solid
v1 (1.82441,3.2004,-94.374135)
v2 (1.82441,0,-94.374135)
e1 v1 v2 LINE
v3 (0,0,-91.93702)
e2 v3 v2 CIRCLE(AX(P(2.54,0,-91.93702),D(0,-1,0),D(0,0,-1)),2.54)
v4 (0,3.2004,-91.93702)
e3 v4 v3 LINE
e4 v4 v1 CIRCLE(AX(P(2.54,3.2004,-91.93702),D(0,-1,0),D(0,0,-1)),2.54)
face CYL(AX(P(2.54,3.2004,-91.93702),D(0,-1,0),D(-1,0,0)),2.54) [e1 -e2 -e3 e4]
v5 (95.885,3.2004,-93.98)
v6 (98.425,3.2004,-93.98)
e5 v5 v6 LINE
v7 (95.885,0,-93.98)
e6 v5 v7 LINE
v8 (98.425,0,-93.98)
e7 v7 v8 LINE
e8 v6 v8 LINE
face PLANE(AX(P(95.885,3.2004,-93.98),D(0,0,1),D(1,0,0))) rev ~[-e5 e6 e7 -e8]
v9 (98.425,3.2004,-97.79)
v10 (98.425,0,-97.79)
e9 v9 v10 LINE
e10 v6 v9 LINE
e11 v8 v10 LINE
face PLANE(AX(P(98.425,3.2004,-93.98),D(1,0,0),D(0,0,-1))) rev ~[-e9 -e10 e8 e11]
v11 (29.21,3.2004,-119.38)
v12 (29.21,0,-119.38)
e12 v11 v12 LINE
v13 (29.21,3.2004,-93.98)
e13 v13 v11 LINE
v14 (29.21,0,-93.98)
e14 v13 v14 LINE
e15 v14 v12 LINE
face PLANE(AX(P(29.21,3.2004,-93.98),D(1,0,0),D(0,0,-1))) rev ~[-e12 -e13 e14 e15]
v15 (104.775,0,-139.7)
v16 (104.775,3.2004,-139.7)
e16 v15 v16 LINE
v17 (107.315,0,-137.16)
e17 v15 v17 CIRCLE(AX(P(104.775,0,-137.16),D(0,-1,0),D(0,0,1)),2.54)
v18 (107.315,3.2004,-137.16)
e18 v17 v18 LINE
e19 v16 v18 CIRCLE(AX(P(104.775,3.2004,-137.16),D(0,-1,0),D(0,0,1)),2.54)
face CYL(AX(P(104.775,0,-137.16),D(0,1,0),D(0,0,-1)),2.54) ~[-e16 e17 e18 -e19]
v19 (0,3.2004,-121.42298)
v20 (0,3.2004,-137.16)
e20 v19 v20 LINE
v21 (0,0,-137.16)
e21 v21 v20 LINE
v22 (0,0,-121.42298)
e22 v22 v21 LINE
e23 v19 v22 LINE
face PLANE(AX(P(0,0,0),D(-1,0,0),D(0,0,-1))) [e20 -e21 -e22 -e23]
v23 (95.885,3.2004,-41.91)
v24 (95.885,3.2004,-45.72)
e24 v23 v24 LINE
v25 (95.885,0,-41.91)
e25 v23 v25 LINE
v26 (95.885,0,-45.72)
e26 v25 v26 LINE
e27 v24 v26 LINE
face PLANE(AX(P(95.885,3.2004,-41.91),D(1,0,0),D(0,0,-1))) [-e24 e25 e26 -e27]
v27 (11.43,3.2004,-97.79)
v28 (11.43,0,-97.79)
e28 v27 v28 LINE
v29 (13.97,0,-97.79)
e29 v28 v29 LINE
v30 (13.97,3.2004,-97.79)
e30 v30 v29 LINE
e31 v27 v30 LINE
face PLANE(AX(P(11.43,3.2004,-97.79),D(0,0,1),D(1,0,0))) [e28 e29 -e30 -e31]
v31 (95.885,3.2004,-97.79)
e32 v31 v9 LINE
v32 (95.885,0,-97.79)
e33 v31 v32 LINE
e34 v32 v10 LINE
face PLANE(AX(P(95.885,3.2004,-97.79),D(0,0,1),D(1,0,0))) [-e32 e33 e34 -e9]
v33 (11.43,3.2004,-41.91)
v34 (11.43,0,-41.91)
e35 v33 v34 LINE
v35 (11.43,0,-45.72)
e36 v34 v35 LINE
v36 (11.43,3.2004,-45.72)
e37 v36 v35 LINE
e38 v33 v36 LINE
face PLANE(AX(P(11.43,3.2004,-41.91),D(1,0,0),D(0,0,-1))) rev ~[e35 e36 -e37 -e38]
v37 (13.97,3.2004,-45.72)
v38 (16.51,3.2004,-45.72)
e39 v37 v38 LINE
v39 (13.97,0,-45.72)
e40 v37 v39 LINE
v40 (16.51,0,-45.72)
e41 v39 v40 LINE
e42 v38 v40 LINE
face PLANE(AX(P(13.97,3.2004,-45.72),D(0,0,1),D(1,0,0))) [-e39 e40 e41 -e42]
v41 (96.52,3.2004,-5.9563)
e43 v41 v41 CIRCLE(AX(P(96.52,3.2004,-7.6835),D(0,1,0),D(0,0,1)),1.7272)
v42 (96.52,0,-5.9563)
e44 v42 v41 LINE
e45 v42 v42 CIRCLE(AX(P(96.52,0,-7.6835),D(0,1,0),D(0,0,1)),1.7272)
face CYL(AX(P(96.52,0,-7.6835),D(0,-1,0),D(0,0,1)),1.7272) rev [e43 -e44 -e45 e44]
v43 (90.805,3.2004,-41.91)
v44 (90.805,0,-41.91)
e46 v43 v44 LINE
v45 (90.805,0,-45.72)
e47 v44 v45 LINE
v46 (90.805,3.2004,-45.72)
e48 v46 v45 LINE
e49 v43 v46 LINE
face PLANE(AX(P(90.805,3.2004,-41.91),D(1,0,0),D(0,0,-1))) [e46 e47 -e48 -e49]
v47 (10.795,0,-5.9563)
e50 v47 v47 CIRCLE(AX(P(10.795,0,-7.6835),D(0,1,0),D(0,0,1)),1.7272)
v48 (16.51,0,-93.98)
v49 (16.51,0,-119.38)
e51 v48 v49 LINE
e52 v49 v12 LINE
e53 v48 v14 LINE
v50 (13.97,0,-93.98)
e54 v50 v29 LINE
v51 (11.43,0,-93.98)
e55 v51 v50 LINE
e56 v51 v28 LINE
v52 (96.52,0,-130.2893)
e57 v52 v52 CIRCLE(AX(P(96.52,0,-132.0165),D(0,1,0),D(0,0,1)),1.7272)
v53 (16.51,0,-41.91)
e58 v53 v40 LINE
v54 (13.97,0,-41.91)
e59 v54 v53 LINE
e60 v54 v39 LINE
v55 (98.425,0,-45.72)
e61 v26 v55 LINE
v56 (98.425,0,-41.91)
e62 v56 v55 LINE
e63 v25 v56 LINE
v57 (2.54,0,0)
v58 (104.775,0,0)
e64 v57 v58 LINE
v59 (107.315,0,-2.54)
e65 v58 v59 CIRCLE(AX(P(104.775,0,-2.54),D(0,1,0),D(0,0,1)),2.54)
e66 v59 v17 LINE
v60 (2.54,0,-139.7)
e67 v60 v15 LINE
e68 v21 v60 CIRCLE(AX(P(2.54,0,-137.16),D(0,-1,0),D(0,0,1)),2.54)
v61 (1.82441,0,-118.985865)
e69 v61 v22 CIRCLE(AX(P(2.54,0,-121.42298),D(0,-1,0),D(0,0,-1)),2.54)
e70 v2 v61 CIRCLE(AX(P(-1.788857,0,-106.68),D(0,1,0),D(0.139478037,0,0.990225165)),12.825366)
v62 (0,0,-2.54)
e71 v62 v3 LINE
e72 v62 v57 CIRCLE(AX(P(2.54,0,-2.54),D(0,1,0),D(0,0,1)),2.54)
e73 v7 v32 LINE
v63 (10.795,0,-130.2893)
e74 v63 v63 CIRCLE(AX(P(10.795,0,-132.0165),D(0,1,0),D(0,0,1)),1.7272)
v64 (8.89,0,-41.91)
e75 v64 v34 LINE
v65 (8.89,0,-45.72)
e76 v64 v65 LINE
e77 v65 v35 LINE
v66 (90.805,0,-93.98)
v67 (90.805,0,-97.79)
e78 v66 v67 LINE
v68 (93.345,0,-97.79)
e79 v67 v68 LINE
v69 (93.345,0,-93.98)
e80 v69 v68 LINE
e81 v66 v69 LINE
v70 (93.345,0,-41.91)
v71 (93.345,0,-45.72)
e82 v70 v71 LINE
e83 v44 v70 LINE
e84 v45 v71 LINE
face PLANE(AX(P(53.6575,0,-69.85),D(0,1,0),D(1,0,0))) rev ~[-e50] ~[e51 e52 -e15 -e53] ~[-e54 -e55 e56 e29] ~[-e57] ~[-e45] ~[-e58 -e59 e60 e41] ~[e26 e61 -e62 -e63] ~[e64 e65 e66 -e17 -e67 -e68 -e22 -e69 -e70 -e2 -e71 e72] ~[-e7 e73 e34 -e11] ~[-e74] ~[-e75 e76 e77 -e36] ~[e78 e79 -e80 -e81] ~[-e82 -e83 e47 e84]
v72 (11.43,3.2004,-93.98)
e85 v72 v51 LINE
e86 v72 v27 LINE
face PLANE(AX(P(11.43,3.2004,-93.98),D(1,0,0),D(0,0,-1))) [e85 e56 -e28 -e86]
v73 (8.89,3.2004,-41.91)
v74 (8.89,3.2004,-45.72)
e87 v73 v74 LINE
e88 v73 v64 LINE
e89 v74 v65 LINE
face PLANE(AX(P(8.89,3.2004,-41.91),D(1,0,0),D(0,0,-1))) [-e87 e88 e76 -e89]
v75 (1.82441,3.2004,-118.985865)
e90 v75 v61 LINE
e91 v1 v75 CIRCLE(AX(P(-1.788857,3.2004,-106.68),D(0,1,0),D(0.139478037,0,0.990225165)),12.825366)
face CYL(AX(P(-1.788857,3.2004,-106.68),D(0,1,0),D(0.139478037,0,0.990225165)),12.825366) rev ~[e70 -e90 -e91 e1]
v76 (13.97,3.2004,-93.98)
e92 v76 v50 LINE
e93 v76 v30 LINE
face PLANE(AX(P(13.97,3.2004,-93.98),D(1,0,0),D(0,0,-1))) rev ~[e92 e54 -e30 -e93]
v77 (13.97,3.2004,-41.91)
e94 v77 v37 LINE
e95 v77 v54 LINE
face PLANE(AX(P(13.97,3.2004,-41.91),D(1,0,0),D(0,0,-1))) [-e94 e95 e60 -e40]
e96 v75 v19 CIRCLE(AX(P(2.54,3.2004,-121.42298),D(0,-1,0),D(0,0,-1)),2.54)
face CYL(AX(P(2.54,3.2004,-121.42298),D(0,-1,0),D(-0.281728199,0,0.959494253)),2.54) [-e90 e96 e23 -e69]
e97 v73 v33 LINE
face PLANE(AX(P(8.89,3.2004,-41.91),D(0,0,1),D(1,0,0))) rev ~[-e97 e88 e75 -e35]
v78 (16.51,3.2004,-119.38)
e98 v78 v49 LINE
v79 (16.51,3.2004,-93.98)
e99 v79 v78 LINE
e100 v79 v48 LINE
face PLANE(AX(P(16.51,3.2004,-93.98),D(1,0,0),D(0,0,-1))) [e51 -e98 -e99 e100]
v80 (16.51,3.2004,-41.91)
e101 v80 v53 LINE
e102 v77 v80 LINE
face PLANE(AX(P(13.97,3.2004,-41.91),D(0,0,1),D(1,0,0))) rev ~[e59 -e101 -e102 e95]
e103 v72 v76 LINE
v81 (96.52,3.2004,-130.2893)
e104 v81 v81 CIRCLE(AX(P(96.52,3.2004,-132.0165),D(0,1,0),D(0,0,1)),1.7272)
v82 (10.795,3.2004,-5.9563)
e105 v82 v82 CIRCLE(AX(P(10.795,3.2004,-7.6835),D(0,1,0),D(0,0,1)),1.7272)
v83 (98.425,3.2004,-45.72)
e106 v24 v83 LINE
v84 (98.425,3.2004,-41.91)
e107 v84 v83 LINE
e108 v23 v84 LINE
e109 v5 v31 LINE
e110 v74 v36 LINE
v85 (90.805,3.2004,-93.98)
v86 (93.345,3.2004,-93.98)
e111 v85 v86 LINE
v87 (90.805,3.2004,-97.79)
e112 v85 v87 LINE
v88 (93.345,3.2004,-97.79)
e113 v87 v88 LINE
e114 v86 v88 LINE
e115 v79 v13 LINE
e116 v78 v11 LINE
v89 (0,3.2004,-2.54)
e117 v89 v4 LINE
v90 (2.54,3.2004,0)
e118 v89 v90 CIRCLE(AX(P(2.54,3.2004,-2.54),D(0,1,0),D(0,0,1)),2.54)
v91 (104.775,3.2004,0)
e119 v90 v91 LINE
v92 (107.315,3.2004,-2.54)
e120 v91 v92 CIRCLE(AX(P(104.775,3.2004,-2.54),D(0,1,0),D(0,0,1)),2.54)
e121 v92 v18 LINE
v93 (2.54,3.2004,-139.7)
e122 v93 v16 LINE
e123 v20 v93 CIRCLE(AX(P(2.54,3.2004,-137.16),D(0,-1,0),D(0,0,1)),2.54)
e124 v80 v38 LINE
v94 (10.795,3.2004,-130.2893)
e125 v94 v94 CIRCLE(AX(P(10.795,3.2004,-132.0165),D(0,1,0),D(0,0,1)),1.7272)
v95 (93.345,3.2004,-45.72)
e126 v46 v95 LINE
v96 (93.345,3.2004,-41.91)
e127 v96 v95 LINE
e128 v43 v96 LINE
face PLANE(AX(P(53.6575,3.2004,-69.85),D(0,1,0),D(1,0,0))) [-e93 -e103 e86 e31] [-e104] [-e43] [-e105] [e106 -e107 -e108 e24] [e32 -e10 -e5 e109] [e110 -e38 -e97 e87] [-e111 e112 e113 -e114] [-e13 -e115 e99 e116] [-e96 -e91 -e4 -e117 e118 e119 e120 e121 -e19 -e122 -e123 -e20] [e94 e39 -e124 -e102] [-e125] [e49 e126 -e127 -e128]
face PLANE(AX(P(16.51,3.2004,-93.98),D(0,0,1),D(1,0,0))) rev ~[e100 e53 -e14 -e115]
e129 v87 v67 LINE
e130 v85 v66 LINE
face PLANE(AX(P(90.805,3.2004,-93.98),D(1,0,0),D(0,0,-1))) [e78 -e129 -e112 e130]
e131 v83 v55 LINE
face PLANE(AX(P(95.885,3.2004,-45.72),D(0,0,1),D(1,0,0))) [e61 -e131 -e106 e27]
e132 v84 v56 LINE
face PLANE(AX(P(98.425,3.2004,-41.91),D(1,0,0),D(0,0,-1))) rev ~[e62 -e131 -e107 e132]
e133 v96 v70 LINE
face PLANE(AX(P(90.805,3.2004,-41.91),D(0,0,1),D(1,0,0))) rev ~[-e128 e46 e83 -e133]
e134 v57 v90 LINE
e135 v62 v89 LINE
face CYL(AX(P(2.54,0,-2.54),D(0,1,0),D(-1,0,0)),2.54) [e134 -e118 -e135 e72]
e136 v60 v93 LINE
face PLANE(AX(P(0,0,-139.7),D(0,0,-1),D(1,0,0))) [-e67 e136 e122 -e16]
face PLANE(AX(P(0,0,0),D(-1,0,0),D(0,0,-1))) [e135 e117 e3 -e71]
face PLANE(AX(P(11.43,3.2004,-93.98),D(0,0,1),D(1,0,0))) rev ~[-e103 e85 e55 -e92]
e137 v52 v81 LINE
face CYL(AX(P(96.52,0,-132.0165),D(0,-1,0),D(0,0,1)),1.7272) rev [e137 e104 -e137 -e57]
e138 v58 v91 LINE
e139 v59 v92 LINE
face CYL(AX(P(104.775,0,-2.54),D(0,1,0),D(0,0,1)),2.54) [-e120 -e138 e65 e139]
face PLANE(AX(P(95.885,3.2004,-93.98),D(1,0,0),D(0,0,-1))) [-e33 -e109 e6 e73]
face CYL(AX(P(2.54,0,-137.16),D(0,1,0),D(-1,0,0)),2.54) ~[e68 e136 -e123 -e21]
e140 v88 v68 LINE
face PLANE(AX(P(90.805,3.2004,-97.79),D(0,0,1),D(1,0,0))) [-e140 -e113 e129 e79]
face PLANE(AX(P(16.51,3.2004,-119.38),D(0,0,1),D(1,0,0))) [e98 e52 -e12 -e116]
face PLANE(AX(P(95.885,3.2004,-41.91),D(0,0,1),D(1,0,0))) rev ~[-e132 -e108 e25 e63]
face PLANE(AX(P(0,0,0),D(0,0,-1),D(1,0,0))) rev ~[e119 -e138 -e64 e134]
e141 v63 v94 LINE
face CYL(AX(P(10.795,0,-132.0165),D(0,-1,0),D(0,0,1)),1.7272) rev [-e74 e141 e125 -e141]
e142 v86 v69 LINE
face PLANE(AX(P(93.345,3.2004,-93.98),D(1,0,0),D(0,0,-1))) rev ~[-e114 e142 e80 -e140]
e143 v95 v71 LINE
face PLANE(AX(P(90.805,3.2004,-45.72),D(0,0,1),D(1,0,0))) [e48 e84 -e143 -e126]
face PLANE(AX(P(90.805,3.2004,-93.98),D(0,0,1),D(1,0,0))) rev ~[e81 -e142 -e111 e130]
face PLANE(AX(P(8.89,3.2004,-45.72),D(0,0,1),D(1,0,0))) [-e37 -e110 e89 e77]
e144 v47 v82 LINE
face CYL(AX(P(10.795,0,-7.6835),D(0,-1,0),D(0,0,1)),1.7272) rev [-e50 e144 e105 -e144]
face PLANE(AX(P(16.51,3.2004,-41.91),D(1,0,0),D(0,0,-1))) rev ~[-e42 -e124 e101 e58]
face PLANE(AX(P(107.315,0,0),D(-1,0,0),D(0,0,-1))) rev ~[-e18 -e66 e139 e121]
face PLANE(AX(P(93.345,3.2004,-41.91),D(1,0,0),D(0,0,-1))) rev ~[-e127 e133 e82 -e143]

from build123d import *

# Parameters (mm, degrees)
SKETCH1_W           = 107.315
SKETCH1_H           = 139.7
SKETCH1_R           = 1.7272
BOSS_EXTRUDE1_DEPTH = 3.2004
SKETCH2_W           = 12.7
SKETCH2_H           = 25.4
CUT_EXTRUDE1_DEPTH  = 3.2004
FILLET1_R           = 2.54
SKETCH3_W           = 2.54
SKETCH3_H           = 3.81
CUT_EXTRUDE2_DEPTH  = 3.2004


with BuildPart() as part:
    # Sketch1 → Boss-Extrude1 (new body)
    with BuildSketch(Plane(origin=(0, 0, 0), x_dir=(1, 0, 0), z_dir=(0, 1, 0))):
        with Locations((53.6575, 69.85)):
            Rectangle(SKETCH1_W, SKETCH1_H)
        with Locations(Location((10.795, 132.0165, 0), (0, 0, 270))):
            Circle(SKETCH1_R, mode=Mode.SUBTRACT)
        with Locations(Location((96.52, 132.0165, 0), (0, 0, 270))):
            Circle(SKETCH1_R, mode=Mode.SUBTRACT)
        with Locations(Location((96.52, 7.6835, 0), (0, 0, 270))):
            Circle(SKETCH1_R, mode=Mode.SUBTRACT)
        with Locations(Location((10.795, 7.6835, 0), (0, 0, 270))):
            Circle(SKETCH1_R, mode=Mode.SUBTRACT)
    extrude(amount=BOSS_EXTRUDE1_DEPTH)

    # Sketch2 → Cut-Extrude1 (cut)
    with BuildSketch(Plane(origin=(0, 3.2004, 0), x_dir=(1, 0, 0), z_dir=(0, 1, 0))):
        with BuildLine():
            Line((0, 119.38), (0, 93.98))
            ThreePointArc((0, 93.98), (11.036508986, 106.68), (0, 119.38))
        make_face()
        with Locations((22.86, 106.68)):
            Rectangle(SKETCH2_W, SKETCH2_H)
    extrude(amount=-CUT_EXTRUDE1_DEPTH, mode=Mode.SUBTRACT)

    # Fillet1
    fillet1_edges = [part.edges().sort_by_distance(p)[0] for p in [
        (0, 1.6002, -119.38),
        (0, 1.6002, -93.98),
        (0, 1.6002, -139.7),
        (107.315, 1.6002, -139.7),
        (107.315, 1.6002, 0),
        (0, 1.6002, 0),
    ]]
    fillet(fillet1_edges, radius=FILLET1_R)

    # Sketch3 → Cut-Extrude2 (cut)
    with BuildSketch(Plane(origin=(0, 3.2004, 0), x_dir=(1, 0, 0), z_dir=(0, 1, 0))):
        with Locations((92.075, 43.815)):
            Rectangle(SKETCH3_W, SKETCH3_H)
        with Locations((12.7, 95.885)):
            Rectangle(SKETCH3_W, SKETCH3_H)
        with Locations((97.155, 43.815)):
            Rectangle(SKETCH3_W, SKETCH3_H)
        with Locations((97.155, 95.885)):
            Rectangle(SKETCH3_W, SKETCH3_H)
        with Locations((92.075, 95.885)):
            Rectangle(SKETCH3_W, SKETCH3_H)
        with Locations((10.16, 43.815)):
            Rectangle(SKETCH3_W, SKETCH3_H)
        with Locations((15.24, 43.815)):
            Rectangle(SKETCH3_W, SKETCH3_H)
    extrude(amount=-CUT_EXTRUDE2_DEPTH, mode=Mode.SUBTRACT)


solid = part.part
